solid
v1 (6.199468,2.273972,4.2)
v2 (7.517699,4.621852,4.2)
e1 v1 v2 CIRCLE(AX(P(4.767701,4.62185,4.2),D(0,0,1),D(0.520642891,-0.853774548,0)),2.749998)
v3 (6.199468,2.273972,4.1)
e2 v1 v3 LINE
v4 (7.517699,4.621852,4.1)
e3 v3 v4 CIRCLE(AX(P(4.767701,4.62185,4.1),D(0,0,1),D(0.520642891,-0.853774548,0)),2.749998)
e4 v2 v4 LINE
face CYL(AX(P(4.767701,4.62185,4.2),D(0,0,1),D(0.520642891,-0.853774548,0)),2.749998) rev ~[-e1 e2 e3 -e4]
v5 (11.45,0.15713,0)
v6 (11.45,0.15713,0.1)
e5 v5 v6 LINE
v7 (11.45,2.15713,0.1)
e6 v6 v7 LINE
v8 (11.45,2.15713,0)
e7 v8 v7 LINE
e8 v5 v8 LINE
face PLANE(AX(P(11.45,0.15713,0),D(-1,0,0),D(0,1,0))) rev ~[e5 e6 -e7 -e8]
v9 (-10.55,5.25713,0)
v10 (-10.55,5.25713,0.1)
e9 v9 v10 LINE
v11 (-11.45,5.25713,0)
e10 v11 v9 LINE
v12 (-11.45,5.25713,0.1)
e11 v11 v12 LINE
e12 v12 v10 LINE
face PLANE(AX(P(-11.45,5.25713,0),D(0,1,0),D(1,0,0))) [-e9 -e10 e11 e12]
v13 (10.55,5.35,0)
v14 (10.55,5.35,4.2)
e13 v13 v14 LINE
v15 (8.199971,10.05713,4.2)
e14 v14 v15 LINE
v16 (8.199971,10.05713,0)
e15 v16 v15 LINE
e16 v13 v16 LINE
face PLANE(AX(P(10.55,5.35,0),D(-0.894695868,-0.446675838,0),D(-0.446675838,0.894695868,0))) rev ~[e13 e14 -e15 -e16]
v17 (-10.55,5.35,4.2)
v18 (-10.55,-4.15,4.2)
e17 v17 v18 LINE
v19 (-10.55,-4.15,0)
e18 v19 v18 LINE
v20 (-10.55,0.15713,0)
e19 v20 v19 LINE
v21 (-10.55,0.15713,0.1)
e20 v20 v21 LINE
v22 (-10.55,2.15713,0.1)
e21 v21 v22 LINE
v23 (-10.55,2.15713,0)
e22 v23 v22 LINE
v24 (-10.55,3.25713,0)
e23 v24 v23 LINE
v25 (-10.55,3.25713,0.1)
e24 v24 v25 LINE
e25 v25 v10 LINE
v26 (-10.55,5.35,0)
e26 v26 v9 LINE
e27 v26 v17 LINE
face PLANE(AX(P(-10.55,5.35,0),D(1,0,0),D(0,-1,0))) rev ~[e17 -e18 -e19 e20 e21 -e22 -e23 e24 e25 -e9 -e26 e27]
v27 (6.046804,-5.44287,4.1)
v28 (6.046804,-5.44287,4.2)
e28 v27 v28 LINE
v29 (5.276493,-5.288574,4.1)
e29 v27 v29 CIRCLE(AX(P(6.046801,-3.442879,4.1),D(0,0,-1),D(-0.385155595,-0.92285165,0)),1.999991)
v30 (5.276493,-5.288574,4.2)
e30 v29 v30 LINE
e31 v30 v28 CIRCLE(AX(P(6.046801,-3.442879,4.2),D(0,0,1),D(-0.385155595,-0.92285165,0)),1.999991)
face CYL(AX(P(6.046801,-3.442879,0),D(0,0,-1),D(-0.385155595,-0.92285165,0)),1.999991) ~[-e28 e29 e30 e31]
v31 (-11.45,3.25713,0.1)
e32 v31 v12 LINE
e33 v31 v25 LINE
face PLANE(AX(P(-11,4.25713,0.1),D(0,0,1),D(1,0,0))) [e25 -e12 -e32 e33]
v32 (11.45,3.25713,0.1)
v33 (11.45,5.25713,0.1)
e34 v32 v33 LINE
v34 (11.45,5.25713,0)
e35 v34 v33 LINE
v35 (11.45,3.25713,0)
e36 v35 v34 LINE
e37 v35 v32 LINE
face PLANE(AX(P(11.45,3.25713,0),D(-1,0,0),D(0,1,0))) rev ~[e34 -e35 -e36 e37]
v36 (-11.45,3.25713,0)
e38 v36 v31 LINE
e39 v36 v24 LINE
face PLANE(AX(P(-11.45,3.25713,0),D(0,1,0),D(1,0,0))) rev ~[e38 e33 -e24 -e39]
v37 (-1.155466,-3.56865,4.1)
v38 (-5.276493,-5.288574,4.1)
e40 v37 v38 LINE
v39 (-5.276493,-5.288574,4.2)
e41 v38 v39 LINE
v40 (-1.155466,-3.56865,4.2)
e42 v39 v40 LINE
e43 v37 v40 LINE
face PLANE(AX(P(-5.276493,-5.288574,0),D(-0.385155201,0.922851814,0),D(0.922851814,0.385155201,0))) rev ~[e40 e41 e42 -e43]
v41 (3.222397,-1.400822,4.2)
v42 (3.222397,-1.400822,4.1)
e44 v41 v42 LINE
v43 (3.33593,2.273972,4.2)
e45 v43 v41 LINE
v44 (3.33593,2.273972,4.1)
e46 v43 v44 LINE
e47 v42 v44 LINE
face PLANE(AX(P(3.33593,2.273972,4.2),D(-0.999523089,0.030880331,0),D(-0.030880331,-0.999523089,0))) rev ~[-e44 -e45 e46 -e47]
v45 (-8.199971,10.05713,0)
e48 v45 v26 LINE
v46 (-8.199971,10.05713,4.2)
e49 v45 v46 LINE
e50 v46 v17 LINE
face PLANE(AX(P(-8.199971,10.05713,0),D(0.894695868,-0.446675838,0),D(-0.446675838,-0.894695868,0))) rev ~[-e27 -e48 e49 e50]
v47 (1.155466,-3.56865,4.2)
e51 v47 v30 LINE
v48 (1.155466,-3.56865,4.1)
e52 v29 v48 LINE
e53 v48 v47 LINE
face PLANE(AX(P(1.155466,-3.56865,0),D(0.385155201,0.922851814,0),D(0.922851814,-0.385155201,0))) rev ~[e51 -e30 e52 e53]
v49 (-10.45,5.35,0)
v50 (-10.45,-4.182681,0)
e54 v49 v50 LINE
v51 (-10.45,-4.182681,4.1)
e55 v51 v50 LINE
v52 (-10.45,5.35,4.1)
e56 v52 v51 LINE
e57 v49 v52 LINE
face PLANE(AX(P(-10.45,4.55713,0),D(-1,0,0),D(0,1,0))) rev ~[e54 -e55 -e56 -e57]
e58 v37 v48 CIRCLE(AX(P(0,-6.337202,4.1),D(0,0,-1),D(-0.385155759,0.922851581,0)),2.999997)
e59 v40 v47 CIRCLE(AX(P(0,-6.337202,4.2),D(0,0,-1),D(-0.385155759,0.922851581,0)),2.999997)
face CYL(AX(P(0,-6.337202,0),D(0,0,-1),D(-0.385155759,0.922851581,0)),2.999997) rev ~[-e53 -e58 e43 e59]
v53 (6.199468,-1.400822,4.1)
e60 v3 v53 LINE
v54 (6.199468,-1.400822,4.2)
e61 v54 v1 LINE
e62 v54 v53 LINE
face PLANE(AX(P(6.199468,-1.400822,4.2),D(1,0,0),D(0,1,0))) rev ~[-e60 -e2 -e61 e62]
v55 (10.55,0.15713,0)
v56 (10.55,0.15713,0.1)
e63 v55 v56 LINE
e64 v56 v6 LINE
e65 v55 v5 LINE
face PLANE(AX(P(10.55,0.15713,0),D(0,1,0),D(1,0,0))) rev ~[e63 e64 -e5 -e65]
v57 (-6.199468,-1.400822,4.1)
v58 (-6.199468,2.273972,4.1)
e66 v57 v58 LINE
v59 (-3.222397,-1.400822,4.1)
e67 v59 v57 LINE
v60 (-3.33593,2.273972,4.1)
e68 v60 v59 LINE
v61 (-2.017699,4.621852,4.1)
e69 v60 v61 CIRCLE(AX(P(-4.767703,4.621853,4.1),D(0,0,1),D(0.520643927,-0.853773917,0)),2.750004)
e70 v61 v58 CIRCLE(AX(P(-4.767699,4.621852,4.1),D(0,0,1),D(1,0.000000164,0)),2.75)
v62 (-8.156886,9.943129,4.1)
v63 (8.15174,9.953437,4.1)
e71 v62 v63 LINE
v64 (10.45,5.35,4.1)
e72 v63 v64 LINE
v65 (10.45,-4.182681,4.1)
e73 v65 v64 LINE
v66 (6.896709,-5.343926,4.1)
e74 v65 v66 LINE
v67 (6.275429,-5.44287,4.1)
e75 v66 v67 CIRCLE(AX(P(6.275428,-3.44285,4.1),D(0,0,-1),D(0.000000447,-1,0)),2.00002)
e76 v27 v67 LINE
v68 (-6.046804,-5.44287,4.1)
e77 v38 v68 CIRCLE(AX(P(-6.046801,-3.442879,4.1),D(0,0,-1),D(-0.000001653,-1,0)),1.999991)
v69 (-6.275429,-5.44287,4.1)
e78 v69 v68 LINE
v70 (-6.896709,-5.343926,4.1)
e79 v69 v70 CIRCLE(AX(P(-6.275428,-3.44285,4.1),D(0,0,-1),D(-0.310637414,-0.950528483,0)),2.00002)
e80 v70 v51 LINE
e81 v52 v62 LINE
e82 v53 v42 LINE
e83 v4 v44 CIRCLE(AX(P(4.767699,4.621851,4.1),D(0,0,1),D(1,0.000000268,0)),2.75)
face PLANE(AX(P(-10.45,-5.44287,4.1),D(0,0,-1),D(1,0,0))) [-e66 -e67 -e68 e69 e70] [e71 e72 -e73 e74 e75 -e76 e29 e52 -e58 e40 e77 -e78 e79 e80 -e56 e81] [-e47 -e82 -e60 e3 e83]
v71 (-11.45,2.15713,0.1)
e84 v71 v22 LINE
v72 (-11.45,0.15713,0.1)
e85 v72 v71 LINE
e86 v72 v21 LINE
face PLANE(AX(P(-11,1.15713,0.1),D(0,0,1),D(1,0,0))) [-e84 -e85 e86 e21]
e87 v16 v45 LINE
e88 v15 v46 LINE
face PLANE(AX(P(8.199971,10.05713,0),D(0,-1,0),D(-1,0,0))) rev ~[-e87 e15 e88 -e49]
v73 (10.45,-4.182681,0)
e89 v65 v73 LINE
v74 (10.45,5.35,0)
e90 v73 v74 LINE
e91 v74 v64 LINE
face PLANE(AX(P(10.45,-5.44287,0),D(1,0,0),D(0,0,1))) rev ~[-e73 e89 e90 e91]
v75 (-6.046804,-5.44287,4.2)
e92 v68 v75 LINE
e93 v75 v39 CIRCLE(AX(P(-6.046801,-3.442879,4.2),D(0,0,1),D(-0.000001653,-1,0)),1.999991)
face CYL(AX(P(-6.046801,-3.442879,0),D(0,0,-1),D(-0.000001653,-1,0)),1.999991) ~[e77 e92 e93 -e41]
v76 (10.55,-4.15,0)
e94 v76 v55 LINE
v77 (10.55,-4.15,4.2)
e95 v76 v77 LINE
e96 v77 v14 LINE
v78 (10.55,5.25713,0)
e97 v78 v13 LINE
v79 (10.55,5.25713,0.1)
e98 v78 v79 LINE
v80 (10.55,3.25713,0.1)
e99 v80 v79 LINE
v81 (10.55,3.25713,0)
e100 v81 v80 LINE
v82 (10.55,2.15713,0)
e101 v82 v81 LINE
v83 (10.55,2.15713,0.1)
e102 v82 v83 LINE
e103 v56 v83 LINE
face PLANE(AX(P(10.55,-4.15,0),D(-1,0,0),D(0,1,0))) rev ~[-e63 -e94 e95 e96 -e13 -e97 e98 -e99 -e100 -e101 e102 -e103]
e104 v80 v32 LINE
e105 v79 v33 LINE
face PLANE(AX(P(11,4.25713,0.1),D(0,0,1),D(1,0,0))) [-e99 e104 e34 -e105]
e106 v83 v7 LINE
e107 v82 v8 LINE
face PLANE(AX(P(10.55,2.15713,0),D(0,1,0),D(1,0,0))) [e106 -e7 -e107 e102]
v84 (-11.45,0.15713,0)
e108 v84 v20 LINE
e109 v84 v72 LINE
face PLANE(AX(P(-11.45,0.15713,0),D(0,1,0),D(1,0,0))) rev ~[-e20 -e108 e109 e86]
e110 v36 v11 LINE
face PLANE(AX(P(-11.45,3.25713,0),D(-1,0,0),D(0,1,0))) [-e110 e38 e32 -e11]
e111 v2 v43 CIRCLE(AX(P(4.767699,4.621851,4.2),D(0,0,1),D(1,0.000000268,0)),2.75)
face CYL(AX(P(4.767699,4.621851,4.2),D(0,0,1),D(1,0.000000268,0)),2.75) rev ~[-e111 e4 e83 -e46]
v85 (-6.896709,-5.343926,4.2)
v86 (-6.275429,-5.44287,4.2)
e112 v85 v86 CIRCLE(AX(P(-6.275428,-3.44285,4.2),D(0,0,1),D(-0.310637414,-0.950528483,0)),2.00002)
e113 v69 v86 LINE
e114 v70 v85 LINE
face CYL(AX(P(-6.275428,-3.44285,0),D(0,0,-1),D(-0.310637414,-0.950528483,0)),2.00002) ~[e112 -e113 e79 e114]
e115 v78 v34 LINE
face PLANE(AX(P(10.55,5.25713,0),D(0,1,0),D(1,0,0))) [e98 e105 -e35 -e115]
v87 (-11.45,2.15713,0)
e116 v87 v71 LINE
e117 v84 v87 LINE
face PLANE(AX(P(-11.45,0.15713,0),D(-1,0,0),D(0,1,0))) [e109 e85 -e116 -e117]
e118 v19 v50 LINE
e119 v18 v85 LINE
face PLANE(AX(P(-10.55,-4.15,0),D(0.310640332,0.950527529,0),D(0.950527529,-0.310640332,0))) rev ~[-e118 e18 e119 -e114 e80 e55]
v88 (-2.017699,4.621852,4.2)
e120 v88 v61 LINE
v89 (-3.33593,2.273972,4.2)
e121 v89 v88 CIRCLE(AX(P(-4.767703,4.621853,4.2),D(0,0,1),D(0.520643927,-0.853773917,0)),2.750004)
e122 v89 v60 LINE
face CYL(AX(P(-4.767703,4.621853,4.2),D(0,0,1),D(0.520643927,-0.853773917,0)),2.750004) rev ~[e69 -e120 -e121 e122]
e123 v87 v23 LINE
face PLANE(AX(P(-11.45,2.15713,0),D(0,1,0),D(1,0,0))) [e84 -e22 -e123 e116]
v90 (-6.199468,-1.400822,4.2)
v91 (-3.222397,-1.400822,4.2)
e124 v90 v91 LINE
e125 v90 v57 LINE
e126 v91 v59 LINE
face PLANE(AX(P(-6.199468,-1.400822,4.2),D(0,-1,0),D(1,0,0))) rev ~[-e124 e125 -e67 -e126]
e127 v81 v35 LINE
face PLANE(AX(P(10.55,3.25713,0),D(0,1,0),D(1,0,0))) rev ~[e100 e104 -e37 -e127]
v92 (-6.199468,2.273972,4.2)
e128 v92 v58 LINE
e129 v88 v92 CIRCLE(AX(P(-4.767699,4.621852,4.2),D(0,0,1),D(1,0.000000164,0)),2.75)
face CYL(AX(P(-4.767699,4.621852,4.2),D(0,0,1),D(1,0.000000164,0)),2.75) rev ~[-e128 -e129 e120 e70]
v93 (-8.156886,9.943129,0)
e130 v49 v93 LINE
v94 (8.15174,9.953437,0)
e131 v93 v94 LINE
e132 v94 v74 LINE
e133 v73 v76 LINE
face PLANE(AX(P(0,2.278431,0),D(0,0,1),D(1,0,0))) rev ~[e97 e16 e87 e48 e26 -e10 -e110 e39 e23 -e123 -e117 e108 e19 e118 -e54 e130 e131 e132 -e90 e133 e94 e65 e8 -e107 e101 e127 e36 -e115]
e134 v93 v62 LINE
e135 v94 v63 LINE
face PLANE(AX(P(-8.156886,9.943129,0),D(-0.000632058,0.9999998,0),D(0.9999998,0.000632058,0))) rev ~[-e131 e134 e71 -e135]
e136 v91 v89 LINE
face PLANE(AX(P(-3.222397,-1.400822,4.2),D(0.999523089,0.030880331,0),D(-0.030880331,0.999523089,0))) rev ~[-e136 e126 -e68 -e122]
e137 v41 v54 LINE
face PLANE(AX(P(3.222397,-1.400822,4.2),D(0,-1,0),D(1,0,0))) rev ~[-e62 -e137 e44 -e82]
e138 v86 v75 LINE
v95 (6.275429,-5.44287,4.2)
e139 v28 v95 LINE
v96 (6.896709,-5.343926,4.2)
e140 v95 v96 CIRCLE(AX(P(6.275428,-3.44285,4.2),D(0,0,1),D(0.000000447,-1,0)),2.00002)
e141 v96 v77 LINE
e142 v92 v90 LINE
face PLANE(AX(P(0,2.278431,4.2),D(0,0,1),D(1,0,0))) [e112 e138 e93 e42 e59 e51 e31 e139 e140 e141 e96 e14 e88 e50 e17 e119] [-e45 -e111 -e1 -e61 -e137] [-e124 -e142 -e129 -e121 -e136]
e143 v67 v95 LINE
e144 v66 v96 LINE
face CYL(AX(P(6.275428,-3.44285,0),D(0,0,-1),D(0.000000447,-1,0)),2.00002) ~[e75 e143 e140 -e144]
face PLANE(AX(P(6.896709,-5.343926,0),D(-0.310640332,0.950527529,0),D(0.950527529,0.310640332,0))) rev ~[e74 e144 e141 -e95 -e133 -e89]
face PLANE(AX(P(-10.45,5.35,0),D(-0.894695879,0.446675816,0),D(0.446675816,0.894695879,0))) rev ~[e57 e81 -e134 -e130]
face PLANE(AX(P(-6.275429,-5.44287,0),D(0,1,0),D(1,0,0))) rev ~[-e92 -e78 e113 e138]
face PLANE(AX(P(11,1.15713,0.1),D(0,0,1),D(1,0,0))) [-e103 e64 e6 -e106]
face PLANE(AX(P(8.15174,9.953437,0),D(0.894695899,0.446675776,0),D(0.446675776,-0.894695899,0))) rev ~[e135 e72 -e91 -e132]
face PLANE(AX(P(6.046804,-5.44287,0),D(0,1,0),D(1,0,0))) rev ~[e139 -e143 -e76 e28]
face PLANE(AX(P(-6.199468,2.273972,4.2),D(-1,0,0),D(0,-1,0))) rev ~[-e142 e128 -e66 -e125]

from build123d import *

# Parameters (mm, degrees)
F1_DEPTH = 4.2
F2_W     = 20.9
F2_H     = 4.1
F3_DEPTH = 10
F5_DEPTH = 4.1
F6_W     = 0.9
F6_H     = 2
F7_DEPTH = 0.1
F9_DEPTH = 25


with BuildPart() as f1:
    # F0 (on Top) → F1 (new body)
    with BuildSketch(Plane.XY):
        with BuildLine():
            Line((0, 10.05713), (-8.199971, 10.05713))
            Line((-8.199971, 10.05713), (-10.55, 5.35))
            Line((-10.55, 5.35), (-10.55, -4.15))
            Line((-10.55, -4.15), (-6.896709, -5.343926))
            ThreePointArc((-6.896709, -5.343926), (-6.589984, -5.417979), (-6.275429, -5.44287))
            Line((-6.275429, -5.44287), (-6.046804, -5.44287))
            ThreePointArc((-6.046804, -5.44287), (-5.653998, -5.403917), (-5.276493, -5.288574))
            Line((-5.276493, -5.288574), (-1.155466, -3.56865))
            ThreePointArc((-1.155466, -3.56865), (0, -3.337205), (1.155466, -3.56865))
            Line((1.155466, -3.56865), (5.276493, -5.288574))
            ThreePointArc((5.276493, -5.288574), (5.653998, -5.403917), (6.046804, -5.44287))
            Line((6.046804, -5.44287), (6.275429, -5.44287))
            ThreePointArc((6.275429, -5.44287), (6.589984, -5.417979), (6.896709, -5.343926))
            Line((6.896709, -5.343926), (10.55, -4.15))
            Line((10.55, -4.15), (10.55, 5.35))
            Line((10.55, 5.35), (8.199971, 10.05713))
            Line((8.199971, 10.05713), (0, 10.05713))
        make_face()
    extrude(amount=F1_DEPTH)

    # F2 (on face) → F3 (cut)
    with BuildSketch(Plane.XZ.offset(5.44287)):
        with Locations((0, 2.05)):
            Rectangle(F2_W, F2_H)
    extrude(amount=-F3_DEPTH, mode=Mode.SUBTRACT)

    # F4 (on face) → F5 (cut)
    with BuildSketch(Plane(origin=(0, 0, 0), x_dir=(1, 0, 0), z_dir=(0, 0, -1))):
        Polygon((10.45, -4.55713), (-10.45, -4.55713), (-10.45, -5.35), (-8.156886, -9.943129), (8.15174, -9.953437), (10.45, -5.35), align=None)
    extrude(amount=-F5_DEPTH, mode=Mode.SUBTRACT)

    # F6 (on Top) → F7 (join)
    with BuildSketch(Plane.XY):
        with Locations((-11, 4.25713)):
            Rectangle(F6_W, F6_H)
        with Locations((-11, 1.15713)):
            Rectangle(F6_W, F6_H)
        with Locations((11, 1.15713)):
            Rectangle(F6_W, F6_H)
        with Locations((11, 4.25713)):
            Rectangle(F6_W, F6_H)
    extrude(amount=F7_DEPTH)

    # F8 (on face) → F9 (cut)
    with BuildSketch(Plane.XY.offset(4.2)):
        with BuildLine():
            ThreePointArc((-3.33593, 2.273972), (-2.369798, 3.275535), (-2.017699, 4.621852))
            ThreePointArc((-2.017699, 4.621852), (-6.114016, 7.019753), (-6.199468, 2.273972))
            ThreePointArc((-6.199468, 2.273972), (-4.767699, 1.871852), (-3.33593, 2.273972))
        make_face()
        with BuildLine():
            ThreePointArc((-3.33593, 2.273972), (-4.767699, 1.871852), (-6.199468, 2.273972))
            Line((-6.199468, 2.273972), (-6.199468, -1.400822))
            Line((-6.199468, -1.400822), (-3.222397, -1.400822))
            Line((-3.222397, -1.400822), (-3.33593, 2.273972))
        make_face()
        with BuildLine():
            ThreePointArc((6.199468, 2.273972), (7.165601, 3.275535), (7.517699, 4.621852))
            ThreePointArc((7.517699, 4.621852), (3.421383, 7.019753), (3.33593, 2.273972))
            ThreePointArc((3.33593, 2.273972), (4.767699, 1.871852), (6.199468, 2.273972))
        make_face()
        with BuildLine():
            ThreePointArc((6.199468, 2.273972), (4.767699, 1.871852), (3.33593, 2.273972))
            Line((3.33593, 2.273972), (3.222397, -1.400822))
            Line((3.222397, -1.400822), (6.199468, -1.400822))
            Line((6.199468, -1.400822), (6.199468, 2.273972))
        make_face()
    extrude(amount=-F9_DEPTH, mode=Mode.SUBTRACT)


solid = f1.part
